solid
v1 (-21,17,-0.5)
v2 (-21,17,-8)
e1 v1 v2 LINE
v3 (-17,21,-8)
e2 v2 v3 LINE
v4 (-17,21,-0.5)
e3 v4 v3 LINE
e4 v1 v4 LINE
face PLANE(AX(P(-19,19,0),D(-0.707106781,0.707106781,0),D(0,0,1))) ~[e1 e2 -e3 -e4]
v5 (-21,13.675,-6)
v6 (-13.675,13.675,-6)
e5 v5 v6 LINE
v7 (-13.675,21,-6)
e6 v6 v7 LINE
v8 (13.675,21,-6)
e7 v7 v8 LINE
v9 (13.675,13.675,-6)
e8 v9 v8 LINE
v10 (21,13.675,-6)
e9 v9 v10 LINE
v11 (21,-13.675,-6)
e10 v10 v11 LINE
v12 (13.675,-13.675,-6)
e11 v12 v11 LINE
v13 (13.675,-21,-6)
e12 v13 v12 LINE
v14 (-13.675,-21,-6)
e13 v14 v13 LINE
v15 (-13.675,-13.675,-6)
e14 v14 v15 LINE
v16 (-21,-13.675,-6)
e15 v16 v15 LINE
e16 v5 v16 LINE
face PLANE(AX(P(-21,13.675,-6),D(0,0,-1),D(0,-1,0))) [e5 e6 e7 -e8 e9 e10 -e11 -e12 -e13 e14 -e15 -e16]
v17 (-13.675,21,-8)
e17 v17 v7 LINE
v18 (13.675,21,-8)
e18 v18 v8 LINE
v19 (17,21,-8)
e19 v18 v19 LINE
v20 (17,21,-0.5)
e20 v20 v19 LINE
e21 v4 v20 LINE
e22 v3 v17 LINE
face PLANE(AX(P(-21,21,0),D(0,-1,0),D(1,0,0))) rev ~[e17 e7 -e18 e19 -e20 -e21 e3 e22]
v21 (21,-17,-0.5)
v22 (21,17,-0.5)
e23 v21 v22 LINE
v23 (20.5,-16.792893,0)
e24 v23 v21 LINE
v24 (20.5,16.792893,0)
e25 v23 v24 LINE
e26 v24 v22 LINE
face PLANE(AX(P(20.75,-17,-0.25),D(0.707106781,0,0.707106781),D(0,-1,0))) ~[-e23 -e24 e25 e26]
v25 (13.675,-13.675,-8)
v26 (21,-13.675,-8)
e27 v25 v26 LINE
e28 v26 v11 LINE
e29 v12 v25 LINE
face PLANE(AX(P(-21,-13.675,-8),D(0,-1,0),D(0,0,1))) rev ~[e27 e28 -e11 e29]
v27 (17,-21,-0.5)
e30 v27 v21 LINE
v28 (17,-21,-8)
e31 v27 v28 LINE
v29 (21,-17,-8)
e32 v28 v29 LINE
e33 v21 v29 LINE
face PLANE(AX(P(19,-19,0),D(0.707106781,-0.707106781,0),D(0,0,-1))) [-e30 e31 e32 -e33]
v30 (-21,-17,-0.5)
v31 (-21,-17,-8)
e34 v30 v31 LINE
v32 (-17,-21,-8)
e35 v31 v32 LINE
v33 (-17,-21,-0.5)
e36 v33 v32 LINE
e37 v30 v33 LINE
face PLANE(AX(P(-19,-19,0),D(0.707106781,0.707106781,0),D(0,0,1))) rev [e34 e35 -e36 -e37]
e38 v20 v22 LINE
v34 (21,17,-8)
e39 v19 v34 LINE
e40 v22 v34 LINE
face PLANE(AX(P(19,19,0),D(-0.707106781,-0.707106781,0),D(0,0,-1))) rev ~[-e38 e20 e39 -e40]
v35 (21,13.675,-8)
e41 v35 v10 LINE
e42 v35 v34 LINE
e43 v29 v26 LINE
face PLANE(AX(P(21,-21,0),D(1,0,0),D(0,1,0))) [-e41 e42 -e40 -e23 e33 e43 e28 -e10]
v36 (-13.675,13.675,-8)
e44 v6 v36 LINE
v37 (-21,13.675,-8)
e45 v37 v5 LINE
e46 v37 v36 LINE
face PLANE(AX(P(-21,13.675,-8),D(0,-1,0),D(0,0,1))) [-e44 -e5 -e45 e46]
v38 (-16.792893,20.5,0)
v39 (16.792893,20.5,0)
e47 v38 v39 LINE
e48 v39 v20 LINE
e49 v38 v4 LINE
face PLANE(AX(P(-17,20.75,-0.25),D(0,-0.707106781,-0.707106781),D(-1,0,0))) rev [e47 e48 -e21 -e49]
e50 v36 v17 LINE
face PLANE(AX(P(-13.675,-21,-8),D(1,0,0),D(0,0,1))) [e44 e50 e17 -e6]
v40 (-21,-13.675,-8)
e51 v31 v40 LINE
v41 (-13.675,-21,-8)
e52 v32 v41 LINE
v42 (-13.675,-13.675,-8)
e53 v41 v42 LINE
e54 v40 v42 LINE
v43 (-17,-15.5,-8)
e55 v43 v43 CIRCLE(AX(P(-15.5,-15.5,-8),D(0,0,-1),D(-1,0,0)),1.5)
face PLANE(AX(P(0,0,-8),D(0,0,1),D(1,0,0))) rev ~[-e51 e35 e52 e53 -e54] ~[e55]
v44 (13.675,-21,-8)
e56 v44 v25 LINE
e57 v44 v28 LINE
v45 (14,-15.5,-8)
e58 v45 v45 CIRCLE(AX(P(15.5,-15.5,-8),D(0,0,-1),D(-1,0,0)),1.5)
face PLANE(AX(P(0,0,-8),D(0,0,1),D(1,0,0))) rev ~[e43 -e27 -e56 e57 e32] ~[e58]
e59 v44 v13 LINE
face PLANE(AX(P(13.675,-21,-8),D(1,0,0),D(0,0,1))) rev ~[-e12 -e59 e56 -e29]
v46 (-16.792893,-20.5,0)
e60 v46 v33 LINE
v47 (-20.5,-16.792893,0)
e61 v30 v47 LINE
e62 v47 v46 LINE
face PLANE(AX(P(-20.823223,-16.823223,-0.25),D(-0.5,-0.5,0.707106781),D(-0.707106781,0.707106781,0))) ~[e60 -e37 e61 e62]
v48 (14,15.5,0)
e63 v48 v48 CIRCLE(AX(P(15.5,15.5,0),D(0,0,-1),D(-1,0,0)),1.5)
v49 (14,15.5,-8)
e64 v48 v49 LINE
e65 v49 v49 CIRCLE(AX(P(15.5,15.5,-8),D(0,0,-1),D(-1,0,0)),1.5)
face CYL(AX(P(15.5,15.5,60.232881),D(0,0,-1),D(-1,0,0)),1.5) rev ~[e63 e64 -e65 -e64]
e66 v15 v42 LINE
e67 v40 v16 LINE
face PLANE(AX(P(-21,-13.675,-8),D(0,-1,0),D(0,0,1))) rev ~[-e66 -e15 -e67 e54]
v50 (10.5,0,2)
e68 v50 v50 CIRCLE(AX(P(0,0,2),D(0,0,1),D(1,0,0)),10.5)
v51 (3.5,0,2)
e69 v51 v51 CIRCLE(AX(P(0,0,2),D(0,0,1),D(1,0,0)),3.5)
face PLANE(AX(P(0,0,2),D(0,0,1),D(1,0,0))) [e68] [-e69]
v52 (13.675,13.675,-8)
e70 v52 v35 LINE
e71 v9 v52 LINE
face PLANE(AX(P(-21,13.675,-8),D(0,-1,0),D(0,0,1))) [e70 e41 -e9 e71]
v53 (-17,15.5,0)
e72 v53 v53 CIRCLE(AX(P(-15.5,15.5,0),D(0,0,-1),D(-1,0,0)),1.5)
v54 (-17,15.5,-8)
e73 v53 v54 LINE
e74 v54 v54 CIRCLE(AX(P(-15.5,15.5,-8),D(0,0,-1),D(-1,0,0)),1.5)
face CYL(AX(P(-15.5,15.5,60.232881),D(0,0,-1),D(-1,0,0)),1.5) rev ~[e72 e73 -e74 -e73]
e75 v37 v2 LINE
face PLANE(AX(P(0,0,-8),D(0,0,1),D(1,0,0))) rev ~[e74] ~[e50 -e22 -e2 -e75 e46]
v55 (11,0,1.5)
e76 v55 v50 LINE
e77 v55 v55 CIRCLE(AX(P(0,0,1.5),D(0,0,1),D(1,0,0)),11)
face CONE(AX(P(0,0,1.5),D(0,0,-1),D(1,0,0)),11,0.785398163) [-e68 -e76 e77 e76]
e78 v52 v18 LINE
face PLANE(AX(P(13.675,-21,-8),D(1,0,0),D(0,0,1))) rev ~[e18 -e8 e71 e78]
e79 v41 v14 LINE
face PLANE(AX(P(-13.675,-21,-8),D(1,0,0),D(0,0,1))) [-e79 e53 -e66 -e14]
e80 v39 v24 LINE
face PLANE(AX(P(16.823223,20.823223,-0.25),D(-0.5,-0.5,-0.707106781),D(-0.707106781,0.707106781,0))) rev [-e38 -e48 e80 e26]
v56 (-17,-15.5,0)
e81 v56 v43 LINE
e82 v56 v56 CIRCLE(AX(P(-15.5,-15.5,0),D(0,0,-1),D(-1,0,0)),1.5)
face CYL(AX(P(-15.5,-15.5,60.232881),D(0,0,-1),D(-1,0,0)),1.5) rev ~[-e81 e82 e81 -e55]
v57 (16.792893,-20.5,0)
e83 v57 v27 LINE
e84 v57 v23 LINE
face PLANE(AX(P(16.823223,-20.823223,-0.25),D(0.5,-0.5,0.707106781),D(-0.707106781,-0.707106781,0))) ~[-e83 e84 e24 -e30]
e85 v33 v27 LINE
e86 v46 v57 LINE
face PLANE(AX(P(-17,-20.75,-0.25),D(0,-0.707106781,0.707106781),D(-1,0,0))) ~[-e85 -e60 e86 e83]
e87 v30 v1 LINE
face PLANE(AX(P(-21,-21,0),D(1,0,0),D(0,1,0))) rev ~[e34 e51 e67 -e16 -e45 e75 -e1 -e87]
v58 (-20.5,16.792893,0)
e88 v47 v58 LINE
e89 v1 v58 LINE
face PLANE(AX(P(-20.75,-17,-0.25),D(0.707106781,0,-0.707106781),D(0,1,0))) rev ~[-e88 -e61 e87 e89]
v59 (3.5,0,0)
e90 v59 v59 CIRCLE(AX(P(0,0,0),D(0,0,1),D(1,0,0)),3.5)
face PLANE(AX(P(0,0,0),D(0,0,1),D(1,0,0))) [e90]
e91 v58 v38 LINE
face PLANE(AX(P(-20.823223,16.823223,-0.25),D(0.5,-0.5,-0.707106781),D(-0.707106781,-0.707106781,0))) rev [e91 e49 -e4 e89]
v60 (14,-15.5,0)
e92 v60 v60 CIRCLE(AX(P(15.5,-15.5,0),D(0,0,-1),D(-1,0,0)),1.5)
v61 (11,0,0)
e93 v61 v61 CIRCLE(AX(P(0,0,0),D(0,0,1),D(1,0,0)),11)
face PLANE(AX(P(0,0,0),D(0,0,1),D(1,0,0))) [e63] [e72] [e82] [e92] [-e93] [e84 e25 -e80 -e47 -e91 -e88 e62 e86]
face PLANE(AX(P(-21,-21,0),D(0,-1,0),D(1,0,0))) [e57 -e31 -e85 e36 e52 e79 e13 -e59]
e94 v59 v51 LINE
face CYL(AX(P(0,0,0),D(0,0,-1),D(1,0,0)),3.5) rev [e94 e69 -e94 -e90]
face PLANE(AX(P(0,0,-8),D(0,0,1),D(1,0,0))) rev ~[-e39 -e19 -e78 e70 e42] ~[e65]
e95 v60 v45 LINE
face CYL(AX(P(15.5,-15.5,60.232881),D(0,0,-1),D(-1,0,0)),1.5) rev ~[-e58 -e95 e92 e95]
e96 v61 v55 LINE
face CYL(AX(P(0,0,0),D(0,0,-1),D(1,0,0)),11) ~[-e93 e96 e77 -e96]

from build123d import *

# Parameters (mm, degrees)
F0_W     = 42
F0_H     = 42
F0_R     = 11
F0_R_2   = 3.5
F1_DEPTH = 8
F2_DEPTH = 2
F3_D     = 3
F4_W     = 27.35
F4_H     = 2
F5_DEPTH = 42
F6_W     = 27.35
F6_H     = 2
F7_DEPTH = 42
F8_SIZE  = 4
F9_SIZE  = 0.5


with BuildPart() as f1:
    # F0 (on Top) → F1 (new body)
    with BuildSketch(Plane.XY):
        Rectangle(F0_W, F0_H)
        Circle(F0_R, mode=Mode.SUBTRACT)
        Circle(F0_R)
        Circle(F0_R_2, mode=Mode.SUBTRACT)
        Circle(F0_R_2)
    extrude(amount=-F1_DEPTH)

    # F0 (on Top) → F2 (join)
    with BuildSketch(Plane.XY):
        Circle(F0_R)
        Circle(F0_R_2, mode=Mode.SUBTRACT)
    extrude(amount=F2_DEPTH)

    # F3 (through all)
    with Locations(Plane.XY):
        with Locations((15.5, 15.5), (15.5, -15.5), (-15.5, -15.5), (-15.5, 15.5)):
            Hole(F3_D / 2)

    # F4 (on face) → F5 (cut, through all)
    with BuildSketch(Plane.XZ.offset(21)):
        with Locations((0, -7)):
            Rectangle(F4_W, F4_H)
    extrude(amount=-F5_DEPTH, mode=Mode.SUBTRACT)

    # F6 (on face) → F7 (cut, through all)
    with BuildSketch(Plane(origin=(-21, 0, 0), x_dir=(0, -1, 0), z_dir=(-1, 0, 0))):
        with Locations((0, -7)):
            Rectangle(F6_W, F6_H)
    extrude(amount=-F7_DEPTH, mode=Mode.SUBTRACT)

    # F8
    f8_edges = [f1.edges().sort_by_distance(p)[0] for p in [
        (-21, -21, -4),
        (-21, 21, -4),
        (21, -21, -4),
        (21, 21, -4),
    ]]
    chamfer(f8_edges, length=F8_SIZE)

    # F9
    f9_edges = [f1.edges().sort_by_distance(p)[0] for p in [
        (-11, 0, 2),
        (-21, 0, 0),
        (-19, -19, 0),
        (0, -21, 0),
        (19, -19, 0),
        (21, 0, 0),
        (19, 19, 0),
        (0, 21, 0),
        (-19, 19, 0),
    ]]
    chamfer(f9_edges, length=F9_SIZE)


solid = f1.part
